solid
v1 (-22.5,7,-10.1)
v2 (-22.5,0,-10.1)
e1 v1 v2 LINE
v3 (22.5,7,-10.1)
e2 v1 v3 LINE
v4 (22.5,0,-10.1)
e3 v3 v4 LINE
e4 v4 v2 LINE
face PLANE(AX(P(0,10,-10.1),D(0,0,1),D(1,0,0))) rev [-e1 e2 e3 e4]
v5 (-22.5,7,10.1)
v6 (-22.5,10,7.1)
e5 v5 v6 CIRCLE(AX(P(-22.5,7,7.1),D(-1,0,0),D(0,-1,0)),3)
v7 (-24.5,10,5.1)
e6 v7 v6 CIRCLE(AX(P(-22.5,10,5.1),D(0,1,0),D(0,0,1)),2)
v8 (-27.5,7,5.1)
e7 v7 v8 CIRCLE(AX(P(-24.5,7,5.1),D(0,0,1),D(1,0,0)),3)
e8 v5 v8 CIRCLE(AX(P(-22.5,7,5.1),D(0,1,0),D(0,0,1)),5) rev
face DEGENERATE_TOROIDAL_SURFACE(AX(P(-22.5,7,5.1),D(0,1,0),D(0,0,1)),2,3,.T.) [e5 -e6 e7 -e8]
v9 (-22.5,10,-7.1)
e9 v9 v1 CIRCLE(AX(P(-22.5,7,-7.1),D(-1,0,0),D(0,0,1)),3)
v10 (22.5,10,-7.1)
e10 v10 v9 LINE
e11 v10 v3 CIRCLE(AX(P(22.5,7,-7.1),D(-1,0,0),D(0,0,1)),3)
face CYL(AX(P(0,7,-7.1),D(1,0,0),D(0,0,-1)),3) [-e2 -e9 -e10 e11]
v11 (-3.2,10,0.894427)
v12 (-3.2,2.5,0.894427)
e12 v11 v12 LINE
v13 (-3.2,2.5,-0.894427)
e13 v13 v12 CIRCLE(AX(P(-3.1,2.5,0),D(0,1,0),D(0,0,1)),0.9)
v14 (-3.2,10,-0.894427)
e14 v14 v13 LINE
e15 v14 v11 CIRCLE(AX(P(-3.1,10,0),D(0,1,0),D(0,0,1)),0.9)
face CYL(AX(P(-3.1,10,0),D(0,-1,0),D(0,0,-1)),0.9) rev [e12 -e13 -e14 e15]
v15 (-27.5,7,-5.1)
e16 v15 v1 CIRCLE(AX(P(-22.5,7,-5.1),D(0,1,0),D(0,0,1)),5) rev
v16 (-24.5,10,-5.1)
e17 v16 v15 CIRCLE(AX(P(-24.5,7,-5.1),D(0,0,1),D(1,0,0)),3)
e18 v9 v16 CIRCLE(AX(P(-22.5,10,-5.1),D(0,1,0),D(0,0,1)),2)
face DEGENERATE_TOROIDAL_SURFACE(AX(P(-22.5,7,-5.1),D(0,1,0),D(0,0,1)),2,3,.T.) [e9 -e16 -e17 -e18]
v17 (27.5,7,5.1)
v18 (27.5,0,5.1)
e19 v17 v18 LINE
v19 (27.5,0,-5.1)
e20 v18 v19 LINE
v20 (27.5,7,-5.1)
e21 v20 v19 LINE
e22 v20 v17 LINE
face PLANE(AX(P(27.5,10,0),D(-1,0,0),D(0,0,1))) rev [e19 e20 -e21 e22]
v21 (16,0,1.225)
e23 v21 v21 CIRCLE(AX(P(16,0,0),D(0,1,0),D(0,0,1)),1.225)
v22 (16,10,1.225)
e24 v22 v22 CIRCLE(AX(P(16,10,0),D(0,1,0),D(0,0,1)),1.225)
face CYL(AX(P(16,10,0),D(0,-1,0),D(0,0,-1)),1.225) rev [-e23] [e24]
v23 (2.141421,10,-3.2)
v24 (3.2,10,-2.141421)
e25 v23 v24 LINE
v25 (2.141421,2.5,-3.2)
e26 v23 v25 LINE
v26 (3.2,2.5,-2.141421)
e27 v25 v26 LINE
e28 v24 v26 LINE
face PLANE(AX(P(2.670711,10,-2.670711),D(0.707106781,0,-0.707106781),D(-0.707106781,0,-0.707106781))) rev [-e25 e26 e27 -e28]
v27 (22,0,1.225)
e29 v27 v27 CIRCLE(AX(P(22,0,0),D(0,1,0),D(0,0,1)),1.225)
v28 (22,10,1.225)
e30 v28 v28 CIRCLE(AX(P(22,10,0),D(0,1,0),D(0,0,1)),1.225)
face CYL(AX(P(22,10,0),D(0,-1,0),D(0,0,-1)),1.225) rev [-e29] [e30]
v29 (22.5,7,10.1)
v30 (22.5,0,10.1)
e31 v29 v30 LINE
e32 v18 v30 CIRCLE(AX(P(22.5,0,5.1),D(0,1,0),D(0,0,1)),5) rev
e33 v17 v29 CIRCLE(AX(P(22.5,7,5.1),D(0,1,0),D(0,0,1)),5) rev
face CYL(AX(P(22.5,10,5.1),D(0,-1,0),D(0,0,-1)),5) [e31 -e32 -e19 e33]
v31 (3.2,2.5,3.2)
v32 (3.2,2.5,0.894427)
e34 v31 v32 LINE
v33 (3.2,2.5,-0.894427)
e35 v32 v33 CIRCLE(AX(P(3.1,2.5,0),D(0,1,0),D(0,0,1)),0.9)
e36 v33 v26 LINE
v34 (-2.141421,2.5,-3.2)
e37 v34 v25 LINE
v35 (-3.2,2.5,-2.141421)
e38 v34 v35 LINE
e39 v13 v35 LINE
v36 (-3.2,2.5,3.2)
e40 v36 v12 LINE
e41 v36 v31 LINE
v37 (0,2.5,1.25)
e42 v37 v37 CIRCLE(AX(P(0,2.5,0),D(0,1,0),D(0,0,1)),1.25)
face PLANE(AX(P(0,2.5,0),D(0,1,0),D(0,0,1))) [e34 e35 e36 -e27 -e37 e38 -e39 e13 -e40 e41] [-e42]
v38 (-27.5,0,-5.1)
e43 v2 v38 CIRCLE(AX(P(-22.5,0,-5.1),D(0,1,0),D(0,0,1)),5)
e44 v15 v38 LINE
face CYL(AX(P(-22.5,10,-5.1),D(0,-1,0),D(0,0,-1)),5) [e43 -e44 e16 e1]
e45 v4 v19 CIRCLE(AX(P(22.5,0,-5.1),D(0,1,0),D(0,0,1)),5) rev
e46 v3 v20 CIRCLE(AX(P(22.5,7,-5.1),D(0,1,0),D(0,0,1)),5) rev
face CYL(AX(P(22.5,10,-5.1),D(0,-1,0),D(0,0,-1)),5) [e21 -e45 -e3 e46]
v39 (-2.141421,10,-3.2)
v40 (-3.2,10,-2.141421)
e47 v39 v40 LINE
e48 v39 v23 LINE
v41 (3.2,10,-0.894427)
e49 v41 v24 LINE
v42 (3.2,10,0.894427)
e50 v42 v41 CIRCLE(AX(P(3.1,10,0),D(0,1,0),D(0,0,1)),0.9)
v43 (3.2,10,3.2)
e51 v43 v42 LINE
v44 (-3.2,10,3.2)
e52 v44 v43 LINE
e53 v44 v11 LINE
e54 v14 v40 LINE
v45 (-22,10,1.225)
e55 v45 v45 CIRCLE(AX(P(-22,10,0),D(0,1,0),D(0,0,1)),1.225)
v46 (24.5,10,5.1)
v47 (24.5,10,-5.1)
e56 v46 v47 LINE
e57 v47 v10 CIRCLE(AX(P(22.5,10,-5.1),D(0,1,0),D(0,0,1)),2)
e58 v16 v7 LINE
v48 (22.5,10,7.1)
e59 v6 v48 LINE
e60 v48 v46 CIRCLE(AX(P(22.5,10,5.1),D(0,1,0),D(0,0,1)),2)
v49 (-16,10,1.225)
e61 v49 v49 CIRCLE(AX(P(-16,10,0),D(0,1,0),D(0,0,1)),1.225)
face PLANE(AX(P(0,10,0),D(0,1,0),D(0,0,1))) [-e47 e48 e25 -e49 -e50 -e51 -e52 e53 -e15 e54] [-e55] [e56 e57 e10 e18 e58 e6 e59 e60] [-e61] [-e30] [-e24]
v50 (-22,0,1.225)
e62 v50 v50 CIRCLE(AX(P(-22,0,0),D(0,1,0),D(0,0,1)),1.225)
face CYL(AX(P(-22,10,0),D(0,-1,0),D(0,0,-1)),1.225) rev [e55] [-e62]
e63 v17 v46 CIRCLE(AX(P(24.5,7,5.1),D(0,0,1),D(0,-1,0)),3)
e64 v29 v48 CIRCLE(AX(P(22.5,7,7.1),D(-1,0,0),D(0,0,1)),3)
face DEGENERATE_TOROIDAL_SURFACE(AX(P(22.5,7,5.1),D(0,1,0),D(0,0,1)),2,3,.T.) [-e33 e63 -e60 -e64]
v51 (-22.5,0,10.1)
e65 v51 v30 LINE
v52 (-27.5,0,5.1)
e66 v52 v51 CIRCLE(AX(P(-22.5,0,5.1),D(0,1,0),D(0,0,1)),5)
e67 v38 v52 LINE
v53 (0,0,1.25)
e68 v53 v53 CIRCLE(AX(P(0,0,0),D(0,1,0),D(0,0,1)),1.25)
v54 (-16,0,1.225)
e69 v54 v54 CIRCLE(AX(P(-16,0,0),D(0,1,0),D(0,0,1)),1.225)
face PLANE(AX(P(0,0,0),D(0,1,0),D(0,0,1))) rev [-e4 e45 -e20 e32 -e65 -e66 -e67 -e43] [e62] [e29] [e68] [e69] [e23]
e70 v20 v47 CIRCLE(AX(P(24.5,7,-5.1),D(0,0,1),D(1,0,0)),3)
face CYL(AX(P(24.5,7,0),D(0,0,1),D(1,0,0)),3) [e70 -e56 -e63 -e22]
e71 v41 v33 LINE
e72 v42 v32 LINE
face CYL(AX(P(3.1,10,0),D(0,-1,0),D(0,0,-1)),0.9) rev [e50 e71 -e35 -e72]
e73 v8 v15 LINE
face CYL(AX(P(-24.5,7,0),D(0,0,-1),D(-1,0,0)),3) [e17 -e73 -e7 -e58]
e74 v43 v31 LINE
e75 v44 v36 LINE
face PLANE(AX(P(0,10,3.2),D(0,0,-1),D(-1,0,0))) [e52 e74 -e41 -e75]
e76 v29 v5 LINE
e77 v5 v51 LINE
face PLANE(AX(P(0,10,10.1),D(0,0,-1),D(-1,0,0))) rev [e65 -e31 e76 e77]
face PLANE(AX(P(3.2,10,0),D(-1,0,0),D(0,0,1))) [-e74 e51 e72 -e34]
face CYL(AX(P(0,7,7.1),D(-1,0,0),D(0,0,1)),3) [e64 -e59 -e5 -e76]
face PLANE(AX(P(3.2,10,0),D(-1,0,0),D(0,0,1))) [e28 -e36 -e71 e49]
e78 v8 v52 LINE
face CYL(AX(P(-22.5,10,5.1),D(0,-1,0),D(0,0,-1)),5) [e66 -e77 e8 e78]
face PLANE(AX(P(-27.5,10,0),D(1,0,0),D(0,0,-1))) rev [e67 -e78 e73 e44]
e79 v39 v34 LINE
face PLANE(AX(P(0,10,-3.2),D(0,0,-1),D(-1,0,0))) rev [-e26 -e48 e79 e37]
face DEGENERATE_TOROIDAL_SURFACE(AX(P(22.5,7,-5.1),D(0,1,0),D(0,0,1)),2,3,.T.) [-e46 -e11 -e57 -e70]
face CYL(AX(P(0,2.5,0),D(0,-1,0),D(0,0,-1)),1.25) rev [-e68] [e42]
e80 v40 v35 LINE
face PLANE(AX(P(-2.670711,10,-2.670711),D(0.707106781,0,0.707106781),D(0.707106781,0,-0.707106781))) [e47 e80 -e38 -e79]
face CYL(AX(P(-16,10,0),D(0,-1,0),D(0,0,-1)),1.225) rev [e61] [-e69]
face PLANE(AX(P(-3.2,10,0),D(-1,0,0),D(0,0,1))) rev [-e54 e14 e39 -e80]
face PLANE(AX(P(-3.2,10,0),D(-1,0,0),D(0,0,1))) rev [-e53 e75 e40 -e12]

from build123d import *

# Parameters (mm, degrees)
SKETCH_1_R      = 1.225
EXTRUDE_1_DEPTH = 10
SKETCH_1_7_R    = 1.25
EXTRUDE_2_DEPTH = 2.5
FILLET_1_R      = 3


with BuildPart() as part:
    # 草图1 → 凸台-拉伸1 (new body)
    with BuildSketch(Plane(origin=(0, 0, 0), x_dir=(1, 0, 0), z_dir=(0, 1, 0))):
        with BuildLine():
            ThreePointArc((-22.5, 10.1), (-26.035533906, 8.635533906), (-27.5, 5.1))
            Line((-27.5, 5.1), (-27.5, -5.1))
            ThreePointArc((-27.5, -5.1), (-26.035533906, -8.635533906), (-22.5, -10.1))
            Line((-22.5, -10.1), (22.5, -10.1))
            ThreePointArc((22.5, -10.1), (26.035533906, -8.635533906), (27.5, -5.1))
            Line((27.5, -5.1), (27.5, 5.1))
            ThreePointArc((27.5, 5.1), (26.035533906, 8.635533906), (22.5, 10.1))
            Line((22.5, 10.1), (-22.5, 10.1))
        make_face()
        with Locations((-22, 0)):
            Circle(SKETCH_1_R, mode=Mode.SUBTRACT)
        with Locations((-16, 0)):
            Circle(SKETCH_1_R, mode=Mode.SUBTRACT)
        with BuildLine():
            Line((3.2, -3.2), (-3.2, -3.2))
            Line((-3.2, -3.2), (-3.2, -0.894427191))
            ThreePointArc((-3.2, -0.894427191), (-4, 0), (-3.2, 0.894427191))
            Line((-3.2, 0.894427191), (-3.2, 2.141421356))
            Line((-3.2, 2.141421356), (-2.141421356, 3.2))
            Line((-2.141421356, 3.2), (2.141421356, 3.2))
            Line((2.141421356, 3.2), (3.2, 2.141421356))
            Line((3.2, 2.141421356), (3.2, 0.894427191))
            ThreePointArc((3.2, 0.894427191), (4, 0), (3.2, -0.894427191))
            Line((3.2, -0.894427191), (3.2, -3.2))
        make_face(mode=Mode.SUBTRACT)
        with Locations((16, 0)):
            Circle(SKETCH_1_R, mode=Mode.SUBTRACT)
        with Locations((22, 0)):
            Circle(SKETCH_1_R, mode=Mode.SUBTRACT)
    extrude(amount=EXTRUDE_1_DEPTH)

    # 草图1<7> → 凸台-拉伸2 (add)
    with BuildSketch(Plane(origin=(0, 0, 0), x_dir=(1, 0, 0), z_dir=(0, 1, 0))):
        with BuildLine():
            Line((-3.2, -0.894427191), (-3.2, -3.2))
            Line((-3.2, -3.2), (3.2, -3.2))
            Line((3.2, -3.2), (3.2, -0.894427191))
            ThreePointArc((3.2, -0.894427191), (4, 0), (3.2, 0.894427191))
            Line((3.2, 0.894427191), (3.2, 2.141421356))
            Line((3.2, 2.141421356), (2.141421356, 3.2))
            Line((2.141421356, 3.2), (-2.141421356, 3.2))
            Line((-2.141421356, 3.2), (-3.2, 2.141421356))
            Line((-3.2, 2.141421356), (-3.2, 0.894427191))
            ThreePointArc((-3.2, 0.894427191), (-4, 0), (-3.2, -0.894427191))
        make_face()
        Circle(SKETCH_1_7_R, mode=Mode.SUBTRACT)
    extrude(amount=EXTRUDE_2_DEPTH)

    # 圆角1
    fillet_1_edges = [part.edges().sort_by_distance(p)[0] for p in [
        (-26.035533906, 10, 8.635533906),
        (-26.035533906, 10, -8.635533906),
        (26.035533906, 10, -8.635533906),
        (26.035533906, 10, 8.635533906),
        (-27.5, 10, 0),
        (27.5, 10, 0),
        (0, 10, -10.1),
        (0, 10, 10.1),
    ]]
    fillet(fillet_1_edges, radius=FILLET_1_R)


solid = part.part
